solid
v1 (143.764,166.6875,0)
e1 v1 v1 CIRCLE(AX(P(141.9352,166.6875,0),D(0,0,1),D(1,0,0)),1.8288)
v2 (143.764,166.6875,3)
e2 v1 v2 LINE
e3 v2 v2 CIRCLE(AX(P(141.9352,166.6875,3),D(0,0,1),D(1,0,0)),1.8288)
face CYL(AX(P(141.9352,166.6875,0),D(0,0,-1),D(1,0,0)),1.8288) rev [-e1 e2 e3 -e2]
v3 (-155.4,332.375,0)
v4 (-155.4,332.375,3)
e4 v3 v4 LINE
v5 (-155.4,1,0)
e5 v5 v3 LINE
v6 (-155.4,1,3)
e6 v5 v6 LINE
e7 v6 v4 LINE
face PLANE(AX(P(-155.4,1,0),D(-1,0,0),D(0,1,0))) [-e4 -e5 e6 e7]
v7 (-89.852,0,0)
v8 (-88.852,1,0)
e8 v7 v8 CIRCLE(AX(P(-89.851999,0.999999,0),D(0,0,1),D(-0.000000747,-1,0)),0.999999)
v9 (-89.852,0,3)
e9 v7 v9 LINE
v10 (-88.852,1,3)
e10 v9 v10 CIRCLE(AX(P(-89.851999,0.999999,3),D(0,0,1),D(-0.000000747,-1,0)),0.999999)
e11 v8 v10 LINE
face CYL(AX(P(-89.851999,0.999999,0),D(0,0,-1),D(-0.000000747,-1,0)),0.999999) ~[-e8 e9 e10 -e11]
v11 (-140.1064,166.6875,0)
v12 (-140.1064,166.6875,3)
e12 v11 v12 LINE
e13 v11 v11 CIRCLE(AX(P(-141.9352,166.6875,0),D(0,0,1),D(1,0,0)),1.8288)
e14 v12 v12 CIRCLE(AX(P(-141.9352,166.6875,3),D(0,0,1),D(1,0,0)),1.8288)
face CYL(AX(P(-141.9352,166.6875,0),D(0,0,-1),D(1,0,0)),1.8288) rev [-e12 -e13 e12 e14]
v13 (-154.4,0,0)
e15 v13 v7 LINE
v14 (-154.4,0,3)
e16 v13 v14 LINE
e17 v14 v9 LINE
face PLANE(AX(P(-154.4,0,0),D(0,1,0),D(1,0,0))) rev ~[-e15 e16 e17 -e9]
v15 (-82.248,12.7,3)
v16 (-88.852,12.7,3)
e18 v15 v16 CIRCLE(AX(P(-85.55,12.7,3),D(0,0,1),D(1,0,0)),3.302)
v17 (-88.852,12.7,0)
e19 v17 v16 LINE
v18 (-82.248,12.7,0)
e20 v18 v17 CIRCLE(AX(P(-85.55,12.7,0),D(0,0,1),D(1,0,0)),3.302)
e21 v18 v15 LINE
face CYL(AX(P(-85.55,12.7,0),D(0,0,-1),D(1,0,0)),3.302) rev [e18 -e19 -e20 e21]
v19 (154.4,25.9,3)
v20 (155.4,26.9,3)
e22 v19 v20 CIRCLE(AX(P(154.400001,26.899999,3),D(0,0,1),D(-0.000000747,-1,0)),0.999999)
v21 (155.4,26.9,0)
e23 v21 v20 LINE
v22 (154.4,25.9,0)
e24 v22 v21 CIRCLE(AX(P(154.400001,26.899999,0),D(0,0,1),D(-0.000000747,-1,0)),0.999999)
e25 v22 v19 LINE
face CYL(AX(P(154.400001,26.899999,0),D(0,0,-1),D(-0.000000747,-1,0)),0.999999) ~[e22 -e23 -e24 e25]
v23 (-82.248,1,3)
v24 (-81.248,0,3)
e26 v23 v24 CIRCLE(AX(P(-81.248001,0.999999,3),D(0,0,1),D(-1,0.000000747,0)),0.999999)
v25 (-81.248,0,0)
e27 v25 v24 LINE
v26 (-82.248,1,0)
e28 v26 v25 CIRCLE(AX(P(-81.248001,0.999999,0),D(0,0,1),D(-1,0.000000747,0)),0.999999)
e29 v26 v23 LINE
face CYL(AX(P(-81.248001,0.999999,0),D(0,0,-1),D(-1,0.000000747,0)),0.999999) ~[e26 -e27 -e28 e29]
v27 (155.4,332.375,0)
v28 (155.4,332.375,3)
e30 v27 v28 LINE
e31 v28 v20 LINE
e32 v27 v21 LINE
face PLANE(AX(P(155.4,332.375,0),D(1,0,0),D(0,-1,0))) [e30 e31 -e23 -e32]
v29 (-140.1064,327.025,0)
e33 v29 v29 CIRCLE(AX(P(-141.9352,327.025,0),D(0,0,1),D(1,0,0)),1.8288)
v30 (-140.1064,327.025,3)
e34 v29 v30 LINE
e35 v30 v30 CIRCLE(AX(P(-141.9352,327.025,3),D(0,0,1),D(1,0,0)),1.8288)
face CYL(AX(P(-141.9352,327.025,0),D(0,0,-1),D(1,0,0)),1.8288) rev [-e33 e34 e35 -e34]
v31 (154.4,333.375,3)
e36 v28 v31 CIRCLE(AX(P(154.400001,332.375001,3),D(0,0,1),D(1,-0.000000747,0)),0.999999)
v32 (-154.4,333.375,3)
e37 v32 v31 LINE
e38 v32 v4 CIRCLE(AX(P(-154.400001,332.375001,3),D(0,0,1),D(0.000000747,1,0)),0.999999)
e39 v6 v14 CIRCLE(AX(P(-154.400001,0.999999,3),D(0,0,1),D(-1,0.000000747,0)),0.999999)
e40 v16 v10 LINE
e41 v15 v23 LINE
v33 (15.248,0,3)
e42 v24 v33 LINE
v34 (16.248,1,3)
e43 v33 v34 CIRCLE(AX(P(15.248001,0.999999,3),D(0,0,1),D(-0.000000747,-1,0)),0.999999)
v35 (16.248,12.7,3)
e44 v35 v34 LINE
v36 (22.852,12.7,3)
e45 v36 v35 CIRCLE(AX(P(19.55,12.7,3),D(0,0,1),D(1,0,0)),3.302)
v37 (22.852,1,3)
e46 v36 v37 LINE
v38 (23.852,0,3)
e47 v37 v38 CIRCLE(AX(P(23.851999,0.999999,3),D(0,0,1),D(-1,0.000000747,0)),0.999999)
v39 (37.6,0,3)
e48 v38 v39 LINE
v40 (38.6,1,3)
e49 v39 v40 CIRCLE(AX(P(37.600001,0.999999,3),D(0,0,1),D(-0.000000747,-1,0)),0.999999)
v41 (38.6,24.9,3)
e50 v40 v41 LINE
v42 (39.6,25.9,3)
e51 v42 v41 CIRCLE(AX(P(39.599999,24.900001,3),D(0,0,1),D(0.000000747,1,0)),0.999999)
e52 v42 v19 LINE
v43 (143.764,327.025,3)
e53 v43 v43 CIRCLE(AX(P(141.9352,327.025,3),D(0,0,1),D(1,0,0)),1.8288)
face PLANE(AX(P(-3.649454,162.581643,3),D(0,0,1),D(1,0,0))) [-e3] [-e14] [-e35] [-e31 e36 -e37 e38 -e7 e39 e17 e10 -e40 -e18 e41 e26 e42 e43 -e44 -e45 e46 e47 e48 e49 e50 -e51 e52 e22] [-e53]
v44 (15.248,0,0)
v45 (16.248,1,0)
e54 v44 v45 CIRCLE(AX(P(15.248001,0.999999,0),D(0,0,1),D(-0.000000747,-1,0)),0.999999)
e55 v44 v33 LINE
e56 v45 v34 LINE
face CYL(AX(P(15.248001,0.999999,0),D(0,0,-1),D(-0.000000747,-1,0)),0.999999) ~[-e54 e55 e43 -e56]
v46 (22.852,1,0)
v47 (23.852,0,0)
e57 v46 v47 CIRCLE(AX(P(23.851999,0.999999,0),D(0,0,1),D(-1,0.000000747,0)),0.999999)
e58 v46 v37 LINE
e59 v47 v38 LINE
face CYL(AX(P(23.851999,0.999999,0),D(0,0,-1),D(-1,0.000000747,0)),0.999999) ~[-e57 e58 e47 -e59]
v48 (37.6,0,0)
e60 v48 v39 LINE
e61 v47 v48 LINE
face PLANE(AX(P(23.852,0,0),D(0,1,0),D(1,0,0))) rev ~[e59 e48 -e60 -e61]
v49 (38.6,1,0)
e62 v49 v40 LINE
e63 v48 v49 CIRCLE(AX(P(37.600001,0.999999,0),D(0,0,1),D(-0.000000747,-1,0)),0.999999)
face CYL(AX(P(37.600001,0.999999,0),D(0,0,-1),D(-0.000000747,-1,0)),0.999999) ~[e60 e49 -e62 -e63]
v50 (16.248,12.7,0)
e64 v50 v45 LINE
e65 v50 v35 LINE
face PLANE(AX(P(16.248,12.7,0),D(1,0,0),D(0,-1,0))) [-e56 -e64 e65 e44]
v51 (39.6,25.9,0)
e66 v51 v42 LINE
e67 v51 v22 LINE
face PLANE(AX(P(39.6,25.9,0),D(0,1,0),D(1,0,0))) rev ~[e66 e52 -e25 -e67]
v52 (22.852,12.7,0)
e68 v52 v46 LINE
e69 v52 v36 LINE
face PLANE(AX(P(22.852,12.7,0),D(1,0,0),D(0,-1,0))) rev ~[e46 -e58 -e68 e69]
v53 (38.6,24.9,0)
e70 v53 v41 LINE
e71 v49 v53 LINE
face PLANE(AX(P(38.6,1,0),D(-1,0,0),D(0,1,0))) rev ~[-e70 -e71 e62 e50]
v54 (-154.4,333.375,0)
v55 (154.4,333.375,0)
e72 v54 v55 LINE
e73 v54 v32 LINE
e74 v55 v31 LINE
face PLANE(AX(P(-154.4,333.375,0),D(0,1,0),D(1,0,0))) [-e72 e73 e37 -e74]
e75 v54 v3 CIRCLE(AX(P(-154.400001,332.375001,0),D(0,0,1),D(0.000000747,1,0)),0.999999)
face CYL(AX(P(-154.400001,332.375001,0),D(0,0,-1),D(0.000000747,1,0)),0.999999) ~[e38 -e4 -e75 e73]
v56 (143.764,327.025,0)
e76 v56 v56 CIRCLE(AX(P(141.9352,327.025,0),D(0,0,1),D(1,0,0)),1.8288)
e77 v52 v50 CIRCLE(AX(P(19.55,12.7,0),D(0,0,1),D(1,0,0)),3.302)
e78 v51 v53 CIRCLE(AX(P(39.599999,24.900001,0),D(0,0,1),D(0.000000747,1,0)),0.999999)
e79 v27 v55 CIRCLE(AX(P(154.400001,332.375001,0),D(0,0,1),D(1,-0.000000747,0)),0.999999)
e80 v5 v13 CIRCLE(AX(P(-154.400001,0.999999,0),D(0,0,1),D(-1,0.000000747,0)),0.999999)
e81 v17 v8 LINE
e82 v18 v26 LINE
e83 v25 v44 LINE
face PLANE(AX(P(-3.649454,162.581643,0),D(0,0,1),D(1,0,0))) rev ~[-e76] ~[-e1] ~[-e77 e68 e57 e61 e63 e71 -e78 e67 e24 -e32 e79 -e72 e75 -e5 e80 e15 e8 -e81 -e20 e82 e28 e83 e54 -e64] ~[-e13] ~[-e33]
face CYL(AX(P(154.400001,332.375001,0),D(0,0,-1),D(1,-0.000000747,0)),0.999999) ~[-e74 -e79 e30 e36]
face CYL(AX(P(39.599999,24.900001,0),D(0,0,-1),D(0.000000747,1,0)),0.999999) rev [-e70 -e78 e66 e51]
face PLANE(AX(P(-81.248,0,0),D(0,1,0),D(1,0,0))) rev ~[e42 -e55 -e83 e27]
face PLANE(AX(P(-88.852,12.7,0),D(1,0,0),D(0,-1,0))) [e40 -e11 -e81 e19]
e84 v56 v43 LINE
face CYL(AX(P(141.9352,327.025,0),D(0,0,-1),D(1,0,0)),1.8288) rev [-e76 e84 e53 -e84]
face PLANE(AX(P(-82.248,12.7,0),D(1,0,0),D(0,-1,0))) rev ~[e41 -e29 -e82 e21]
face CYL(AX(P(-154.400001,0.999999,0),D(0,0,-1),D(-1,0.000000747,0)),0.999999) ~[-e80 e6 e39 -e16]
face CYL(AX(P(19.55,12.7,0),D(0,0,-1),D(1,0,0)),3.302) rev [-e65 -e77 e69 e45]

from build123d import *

# Parameters (mm, degrees)
SKETCH_R  = 1.8288
PAD_DEPTH = 3


with BuildPart() as part:
    # Sketch → Pad (new body)
    with BuildSketch(Plane.XY):
        with BuildLine():
            ThreePointArc((-154.4, 333.375), (-155.107107, 333.082107), (-155.4, 332.375))
            Line((-155.4, 1), (-155.4, 332.375))
            ThreePointArc((-155.4, 1), (-155.107107, 0.292893), (-154.4, 0))
            Line((-154.4, 0), (-89.852, 0))
            ThreePointArc((-89.852, 0), (-89.144893, 0.292893), (-88.852, 1))
            Line((-88.852, 12.7), (-88.852, 1))
            ThreePointArc((-82.248, 12.7), (-85.55, 16.002), (-88.852, 12.7))
            Line((-82.248, 12.7), (-82.248, 1))
            ThreePointArc((-82.248, 1), (-81.955107, 0.292893), (-81.248, 0))
            Line((-81.248, 0), (15.248, 0))
            ThreePointArc((15.248, 0), (15.955107, 0.292893), (16.248, 1))
            Line((16.248, 12.7), (16.248, 1))
            ThreePointArc((22.852, 12.7), (19.55, 16.002), (16.248, 12.7))
            Line((22.852, 12.7), (22.852, 1))
            ThreePointArc((22.852, 1), (23.144893, 0.292893), (23.852, 0))
            Line((23.852, 0), (37.6, 0))
            ThreePointArc((37.6, 0), (38.307107, 0.292893), (38.6, 1))
            Line((38.6, 1), (38.6, 24.9))
            ThreePointArc((39.6, 25.9), (38.892893, 25.607107), (38.6, 24.9))
            Line((39.6, 25.9), (154.4, 25.9))
            ThreePointArc((154.4, 25.9), (155.107107, 26.192893), (155.4, 26.9))
            Line((155.4, 332.375), (155.4, 26.9))
            ThreePointArc((155.4, 332.375), (155.107107, 333.082107), (154.4, 333.375))
            Line((-154.4, 333.375), (154.4, 333.375))
        make_face()
        with Locations((-141.9352, 327.025)):
            Circle(SKETCH_R, mode=Mode.SUBTRACT)
        with Locations((-141.9352, 166.6875)):
            Circle(SKETCH_R, mode=Mode.SUBTRACT)
        with Locations((141.9352, 327.025)):
            Circle(SKETCH_R, mode=Mode.SUBTRACT)
        with Locations((141.9352, 166.6875)):
            Circle(SKETCH_R, mode=Mode.SUBTRACT)
    extrude(amount=PAD_DEPTH)


solid = part.part
